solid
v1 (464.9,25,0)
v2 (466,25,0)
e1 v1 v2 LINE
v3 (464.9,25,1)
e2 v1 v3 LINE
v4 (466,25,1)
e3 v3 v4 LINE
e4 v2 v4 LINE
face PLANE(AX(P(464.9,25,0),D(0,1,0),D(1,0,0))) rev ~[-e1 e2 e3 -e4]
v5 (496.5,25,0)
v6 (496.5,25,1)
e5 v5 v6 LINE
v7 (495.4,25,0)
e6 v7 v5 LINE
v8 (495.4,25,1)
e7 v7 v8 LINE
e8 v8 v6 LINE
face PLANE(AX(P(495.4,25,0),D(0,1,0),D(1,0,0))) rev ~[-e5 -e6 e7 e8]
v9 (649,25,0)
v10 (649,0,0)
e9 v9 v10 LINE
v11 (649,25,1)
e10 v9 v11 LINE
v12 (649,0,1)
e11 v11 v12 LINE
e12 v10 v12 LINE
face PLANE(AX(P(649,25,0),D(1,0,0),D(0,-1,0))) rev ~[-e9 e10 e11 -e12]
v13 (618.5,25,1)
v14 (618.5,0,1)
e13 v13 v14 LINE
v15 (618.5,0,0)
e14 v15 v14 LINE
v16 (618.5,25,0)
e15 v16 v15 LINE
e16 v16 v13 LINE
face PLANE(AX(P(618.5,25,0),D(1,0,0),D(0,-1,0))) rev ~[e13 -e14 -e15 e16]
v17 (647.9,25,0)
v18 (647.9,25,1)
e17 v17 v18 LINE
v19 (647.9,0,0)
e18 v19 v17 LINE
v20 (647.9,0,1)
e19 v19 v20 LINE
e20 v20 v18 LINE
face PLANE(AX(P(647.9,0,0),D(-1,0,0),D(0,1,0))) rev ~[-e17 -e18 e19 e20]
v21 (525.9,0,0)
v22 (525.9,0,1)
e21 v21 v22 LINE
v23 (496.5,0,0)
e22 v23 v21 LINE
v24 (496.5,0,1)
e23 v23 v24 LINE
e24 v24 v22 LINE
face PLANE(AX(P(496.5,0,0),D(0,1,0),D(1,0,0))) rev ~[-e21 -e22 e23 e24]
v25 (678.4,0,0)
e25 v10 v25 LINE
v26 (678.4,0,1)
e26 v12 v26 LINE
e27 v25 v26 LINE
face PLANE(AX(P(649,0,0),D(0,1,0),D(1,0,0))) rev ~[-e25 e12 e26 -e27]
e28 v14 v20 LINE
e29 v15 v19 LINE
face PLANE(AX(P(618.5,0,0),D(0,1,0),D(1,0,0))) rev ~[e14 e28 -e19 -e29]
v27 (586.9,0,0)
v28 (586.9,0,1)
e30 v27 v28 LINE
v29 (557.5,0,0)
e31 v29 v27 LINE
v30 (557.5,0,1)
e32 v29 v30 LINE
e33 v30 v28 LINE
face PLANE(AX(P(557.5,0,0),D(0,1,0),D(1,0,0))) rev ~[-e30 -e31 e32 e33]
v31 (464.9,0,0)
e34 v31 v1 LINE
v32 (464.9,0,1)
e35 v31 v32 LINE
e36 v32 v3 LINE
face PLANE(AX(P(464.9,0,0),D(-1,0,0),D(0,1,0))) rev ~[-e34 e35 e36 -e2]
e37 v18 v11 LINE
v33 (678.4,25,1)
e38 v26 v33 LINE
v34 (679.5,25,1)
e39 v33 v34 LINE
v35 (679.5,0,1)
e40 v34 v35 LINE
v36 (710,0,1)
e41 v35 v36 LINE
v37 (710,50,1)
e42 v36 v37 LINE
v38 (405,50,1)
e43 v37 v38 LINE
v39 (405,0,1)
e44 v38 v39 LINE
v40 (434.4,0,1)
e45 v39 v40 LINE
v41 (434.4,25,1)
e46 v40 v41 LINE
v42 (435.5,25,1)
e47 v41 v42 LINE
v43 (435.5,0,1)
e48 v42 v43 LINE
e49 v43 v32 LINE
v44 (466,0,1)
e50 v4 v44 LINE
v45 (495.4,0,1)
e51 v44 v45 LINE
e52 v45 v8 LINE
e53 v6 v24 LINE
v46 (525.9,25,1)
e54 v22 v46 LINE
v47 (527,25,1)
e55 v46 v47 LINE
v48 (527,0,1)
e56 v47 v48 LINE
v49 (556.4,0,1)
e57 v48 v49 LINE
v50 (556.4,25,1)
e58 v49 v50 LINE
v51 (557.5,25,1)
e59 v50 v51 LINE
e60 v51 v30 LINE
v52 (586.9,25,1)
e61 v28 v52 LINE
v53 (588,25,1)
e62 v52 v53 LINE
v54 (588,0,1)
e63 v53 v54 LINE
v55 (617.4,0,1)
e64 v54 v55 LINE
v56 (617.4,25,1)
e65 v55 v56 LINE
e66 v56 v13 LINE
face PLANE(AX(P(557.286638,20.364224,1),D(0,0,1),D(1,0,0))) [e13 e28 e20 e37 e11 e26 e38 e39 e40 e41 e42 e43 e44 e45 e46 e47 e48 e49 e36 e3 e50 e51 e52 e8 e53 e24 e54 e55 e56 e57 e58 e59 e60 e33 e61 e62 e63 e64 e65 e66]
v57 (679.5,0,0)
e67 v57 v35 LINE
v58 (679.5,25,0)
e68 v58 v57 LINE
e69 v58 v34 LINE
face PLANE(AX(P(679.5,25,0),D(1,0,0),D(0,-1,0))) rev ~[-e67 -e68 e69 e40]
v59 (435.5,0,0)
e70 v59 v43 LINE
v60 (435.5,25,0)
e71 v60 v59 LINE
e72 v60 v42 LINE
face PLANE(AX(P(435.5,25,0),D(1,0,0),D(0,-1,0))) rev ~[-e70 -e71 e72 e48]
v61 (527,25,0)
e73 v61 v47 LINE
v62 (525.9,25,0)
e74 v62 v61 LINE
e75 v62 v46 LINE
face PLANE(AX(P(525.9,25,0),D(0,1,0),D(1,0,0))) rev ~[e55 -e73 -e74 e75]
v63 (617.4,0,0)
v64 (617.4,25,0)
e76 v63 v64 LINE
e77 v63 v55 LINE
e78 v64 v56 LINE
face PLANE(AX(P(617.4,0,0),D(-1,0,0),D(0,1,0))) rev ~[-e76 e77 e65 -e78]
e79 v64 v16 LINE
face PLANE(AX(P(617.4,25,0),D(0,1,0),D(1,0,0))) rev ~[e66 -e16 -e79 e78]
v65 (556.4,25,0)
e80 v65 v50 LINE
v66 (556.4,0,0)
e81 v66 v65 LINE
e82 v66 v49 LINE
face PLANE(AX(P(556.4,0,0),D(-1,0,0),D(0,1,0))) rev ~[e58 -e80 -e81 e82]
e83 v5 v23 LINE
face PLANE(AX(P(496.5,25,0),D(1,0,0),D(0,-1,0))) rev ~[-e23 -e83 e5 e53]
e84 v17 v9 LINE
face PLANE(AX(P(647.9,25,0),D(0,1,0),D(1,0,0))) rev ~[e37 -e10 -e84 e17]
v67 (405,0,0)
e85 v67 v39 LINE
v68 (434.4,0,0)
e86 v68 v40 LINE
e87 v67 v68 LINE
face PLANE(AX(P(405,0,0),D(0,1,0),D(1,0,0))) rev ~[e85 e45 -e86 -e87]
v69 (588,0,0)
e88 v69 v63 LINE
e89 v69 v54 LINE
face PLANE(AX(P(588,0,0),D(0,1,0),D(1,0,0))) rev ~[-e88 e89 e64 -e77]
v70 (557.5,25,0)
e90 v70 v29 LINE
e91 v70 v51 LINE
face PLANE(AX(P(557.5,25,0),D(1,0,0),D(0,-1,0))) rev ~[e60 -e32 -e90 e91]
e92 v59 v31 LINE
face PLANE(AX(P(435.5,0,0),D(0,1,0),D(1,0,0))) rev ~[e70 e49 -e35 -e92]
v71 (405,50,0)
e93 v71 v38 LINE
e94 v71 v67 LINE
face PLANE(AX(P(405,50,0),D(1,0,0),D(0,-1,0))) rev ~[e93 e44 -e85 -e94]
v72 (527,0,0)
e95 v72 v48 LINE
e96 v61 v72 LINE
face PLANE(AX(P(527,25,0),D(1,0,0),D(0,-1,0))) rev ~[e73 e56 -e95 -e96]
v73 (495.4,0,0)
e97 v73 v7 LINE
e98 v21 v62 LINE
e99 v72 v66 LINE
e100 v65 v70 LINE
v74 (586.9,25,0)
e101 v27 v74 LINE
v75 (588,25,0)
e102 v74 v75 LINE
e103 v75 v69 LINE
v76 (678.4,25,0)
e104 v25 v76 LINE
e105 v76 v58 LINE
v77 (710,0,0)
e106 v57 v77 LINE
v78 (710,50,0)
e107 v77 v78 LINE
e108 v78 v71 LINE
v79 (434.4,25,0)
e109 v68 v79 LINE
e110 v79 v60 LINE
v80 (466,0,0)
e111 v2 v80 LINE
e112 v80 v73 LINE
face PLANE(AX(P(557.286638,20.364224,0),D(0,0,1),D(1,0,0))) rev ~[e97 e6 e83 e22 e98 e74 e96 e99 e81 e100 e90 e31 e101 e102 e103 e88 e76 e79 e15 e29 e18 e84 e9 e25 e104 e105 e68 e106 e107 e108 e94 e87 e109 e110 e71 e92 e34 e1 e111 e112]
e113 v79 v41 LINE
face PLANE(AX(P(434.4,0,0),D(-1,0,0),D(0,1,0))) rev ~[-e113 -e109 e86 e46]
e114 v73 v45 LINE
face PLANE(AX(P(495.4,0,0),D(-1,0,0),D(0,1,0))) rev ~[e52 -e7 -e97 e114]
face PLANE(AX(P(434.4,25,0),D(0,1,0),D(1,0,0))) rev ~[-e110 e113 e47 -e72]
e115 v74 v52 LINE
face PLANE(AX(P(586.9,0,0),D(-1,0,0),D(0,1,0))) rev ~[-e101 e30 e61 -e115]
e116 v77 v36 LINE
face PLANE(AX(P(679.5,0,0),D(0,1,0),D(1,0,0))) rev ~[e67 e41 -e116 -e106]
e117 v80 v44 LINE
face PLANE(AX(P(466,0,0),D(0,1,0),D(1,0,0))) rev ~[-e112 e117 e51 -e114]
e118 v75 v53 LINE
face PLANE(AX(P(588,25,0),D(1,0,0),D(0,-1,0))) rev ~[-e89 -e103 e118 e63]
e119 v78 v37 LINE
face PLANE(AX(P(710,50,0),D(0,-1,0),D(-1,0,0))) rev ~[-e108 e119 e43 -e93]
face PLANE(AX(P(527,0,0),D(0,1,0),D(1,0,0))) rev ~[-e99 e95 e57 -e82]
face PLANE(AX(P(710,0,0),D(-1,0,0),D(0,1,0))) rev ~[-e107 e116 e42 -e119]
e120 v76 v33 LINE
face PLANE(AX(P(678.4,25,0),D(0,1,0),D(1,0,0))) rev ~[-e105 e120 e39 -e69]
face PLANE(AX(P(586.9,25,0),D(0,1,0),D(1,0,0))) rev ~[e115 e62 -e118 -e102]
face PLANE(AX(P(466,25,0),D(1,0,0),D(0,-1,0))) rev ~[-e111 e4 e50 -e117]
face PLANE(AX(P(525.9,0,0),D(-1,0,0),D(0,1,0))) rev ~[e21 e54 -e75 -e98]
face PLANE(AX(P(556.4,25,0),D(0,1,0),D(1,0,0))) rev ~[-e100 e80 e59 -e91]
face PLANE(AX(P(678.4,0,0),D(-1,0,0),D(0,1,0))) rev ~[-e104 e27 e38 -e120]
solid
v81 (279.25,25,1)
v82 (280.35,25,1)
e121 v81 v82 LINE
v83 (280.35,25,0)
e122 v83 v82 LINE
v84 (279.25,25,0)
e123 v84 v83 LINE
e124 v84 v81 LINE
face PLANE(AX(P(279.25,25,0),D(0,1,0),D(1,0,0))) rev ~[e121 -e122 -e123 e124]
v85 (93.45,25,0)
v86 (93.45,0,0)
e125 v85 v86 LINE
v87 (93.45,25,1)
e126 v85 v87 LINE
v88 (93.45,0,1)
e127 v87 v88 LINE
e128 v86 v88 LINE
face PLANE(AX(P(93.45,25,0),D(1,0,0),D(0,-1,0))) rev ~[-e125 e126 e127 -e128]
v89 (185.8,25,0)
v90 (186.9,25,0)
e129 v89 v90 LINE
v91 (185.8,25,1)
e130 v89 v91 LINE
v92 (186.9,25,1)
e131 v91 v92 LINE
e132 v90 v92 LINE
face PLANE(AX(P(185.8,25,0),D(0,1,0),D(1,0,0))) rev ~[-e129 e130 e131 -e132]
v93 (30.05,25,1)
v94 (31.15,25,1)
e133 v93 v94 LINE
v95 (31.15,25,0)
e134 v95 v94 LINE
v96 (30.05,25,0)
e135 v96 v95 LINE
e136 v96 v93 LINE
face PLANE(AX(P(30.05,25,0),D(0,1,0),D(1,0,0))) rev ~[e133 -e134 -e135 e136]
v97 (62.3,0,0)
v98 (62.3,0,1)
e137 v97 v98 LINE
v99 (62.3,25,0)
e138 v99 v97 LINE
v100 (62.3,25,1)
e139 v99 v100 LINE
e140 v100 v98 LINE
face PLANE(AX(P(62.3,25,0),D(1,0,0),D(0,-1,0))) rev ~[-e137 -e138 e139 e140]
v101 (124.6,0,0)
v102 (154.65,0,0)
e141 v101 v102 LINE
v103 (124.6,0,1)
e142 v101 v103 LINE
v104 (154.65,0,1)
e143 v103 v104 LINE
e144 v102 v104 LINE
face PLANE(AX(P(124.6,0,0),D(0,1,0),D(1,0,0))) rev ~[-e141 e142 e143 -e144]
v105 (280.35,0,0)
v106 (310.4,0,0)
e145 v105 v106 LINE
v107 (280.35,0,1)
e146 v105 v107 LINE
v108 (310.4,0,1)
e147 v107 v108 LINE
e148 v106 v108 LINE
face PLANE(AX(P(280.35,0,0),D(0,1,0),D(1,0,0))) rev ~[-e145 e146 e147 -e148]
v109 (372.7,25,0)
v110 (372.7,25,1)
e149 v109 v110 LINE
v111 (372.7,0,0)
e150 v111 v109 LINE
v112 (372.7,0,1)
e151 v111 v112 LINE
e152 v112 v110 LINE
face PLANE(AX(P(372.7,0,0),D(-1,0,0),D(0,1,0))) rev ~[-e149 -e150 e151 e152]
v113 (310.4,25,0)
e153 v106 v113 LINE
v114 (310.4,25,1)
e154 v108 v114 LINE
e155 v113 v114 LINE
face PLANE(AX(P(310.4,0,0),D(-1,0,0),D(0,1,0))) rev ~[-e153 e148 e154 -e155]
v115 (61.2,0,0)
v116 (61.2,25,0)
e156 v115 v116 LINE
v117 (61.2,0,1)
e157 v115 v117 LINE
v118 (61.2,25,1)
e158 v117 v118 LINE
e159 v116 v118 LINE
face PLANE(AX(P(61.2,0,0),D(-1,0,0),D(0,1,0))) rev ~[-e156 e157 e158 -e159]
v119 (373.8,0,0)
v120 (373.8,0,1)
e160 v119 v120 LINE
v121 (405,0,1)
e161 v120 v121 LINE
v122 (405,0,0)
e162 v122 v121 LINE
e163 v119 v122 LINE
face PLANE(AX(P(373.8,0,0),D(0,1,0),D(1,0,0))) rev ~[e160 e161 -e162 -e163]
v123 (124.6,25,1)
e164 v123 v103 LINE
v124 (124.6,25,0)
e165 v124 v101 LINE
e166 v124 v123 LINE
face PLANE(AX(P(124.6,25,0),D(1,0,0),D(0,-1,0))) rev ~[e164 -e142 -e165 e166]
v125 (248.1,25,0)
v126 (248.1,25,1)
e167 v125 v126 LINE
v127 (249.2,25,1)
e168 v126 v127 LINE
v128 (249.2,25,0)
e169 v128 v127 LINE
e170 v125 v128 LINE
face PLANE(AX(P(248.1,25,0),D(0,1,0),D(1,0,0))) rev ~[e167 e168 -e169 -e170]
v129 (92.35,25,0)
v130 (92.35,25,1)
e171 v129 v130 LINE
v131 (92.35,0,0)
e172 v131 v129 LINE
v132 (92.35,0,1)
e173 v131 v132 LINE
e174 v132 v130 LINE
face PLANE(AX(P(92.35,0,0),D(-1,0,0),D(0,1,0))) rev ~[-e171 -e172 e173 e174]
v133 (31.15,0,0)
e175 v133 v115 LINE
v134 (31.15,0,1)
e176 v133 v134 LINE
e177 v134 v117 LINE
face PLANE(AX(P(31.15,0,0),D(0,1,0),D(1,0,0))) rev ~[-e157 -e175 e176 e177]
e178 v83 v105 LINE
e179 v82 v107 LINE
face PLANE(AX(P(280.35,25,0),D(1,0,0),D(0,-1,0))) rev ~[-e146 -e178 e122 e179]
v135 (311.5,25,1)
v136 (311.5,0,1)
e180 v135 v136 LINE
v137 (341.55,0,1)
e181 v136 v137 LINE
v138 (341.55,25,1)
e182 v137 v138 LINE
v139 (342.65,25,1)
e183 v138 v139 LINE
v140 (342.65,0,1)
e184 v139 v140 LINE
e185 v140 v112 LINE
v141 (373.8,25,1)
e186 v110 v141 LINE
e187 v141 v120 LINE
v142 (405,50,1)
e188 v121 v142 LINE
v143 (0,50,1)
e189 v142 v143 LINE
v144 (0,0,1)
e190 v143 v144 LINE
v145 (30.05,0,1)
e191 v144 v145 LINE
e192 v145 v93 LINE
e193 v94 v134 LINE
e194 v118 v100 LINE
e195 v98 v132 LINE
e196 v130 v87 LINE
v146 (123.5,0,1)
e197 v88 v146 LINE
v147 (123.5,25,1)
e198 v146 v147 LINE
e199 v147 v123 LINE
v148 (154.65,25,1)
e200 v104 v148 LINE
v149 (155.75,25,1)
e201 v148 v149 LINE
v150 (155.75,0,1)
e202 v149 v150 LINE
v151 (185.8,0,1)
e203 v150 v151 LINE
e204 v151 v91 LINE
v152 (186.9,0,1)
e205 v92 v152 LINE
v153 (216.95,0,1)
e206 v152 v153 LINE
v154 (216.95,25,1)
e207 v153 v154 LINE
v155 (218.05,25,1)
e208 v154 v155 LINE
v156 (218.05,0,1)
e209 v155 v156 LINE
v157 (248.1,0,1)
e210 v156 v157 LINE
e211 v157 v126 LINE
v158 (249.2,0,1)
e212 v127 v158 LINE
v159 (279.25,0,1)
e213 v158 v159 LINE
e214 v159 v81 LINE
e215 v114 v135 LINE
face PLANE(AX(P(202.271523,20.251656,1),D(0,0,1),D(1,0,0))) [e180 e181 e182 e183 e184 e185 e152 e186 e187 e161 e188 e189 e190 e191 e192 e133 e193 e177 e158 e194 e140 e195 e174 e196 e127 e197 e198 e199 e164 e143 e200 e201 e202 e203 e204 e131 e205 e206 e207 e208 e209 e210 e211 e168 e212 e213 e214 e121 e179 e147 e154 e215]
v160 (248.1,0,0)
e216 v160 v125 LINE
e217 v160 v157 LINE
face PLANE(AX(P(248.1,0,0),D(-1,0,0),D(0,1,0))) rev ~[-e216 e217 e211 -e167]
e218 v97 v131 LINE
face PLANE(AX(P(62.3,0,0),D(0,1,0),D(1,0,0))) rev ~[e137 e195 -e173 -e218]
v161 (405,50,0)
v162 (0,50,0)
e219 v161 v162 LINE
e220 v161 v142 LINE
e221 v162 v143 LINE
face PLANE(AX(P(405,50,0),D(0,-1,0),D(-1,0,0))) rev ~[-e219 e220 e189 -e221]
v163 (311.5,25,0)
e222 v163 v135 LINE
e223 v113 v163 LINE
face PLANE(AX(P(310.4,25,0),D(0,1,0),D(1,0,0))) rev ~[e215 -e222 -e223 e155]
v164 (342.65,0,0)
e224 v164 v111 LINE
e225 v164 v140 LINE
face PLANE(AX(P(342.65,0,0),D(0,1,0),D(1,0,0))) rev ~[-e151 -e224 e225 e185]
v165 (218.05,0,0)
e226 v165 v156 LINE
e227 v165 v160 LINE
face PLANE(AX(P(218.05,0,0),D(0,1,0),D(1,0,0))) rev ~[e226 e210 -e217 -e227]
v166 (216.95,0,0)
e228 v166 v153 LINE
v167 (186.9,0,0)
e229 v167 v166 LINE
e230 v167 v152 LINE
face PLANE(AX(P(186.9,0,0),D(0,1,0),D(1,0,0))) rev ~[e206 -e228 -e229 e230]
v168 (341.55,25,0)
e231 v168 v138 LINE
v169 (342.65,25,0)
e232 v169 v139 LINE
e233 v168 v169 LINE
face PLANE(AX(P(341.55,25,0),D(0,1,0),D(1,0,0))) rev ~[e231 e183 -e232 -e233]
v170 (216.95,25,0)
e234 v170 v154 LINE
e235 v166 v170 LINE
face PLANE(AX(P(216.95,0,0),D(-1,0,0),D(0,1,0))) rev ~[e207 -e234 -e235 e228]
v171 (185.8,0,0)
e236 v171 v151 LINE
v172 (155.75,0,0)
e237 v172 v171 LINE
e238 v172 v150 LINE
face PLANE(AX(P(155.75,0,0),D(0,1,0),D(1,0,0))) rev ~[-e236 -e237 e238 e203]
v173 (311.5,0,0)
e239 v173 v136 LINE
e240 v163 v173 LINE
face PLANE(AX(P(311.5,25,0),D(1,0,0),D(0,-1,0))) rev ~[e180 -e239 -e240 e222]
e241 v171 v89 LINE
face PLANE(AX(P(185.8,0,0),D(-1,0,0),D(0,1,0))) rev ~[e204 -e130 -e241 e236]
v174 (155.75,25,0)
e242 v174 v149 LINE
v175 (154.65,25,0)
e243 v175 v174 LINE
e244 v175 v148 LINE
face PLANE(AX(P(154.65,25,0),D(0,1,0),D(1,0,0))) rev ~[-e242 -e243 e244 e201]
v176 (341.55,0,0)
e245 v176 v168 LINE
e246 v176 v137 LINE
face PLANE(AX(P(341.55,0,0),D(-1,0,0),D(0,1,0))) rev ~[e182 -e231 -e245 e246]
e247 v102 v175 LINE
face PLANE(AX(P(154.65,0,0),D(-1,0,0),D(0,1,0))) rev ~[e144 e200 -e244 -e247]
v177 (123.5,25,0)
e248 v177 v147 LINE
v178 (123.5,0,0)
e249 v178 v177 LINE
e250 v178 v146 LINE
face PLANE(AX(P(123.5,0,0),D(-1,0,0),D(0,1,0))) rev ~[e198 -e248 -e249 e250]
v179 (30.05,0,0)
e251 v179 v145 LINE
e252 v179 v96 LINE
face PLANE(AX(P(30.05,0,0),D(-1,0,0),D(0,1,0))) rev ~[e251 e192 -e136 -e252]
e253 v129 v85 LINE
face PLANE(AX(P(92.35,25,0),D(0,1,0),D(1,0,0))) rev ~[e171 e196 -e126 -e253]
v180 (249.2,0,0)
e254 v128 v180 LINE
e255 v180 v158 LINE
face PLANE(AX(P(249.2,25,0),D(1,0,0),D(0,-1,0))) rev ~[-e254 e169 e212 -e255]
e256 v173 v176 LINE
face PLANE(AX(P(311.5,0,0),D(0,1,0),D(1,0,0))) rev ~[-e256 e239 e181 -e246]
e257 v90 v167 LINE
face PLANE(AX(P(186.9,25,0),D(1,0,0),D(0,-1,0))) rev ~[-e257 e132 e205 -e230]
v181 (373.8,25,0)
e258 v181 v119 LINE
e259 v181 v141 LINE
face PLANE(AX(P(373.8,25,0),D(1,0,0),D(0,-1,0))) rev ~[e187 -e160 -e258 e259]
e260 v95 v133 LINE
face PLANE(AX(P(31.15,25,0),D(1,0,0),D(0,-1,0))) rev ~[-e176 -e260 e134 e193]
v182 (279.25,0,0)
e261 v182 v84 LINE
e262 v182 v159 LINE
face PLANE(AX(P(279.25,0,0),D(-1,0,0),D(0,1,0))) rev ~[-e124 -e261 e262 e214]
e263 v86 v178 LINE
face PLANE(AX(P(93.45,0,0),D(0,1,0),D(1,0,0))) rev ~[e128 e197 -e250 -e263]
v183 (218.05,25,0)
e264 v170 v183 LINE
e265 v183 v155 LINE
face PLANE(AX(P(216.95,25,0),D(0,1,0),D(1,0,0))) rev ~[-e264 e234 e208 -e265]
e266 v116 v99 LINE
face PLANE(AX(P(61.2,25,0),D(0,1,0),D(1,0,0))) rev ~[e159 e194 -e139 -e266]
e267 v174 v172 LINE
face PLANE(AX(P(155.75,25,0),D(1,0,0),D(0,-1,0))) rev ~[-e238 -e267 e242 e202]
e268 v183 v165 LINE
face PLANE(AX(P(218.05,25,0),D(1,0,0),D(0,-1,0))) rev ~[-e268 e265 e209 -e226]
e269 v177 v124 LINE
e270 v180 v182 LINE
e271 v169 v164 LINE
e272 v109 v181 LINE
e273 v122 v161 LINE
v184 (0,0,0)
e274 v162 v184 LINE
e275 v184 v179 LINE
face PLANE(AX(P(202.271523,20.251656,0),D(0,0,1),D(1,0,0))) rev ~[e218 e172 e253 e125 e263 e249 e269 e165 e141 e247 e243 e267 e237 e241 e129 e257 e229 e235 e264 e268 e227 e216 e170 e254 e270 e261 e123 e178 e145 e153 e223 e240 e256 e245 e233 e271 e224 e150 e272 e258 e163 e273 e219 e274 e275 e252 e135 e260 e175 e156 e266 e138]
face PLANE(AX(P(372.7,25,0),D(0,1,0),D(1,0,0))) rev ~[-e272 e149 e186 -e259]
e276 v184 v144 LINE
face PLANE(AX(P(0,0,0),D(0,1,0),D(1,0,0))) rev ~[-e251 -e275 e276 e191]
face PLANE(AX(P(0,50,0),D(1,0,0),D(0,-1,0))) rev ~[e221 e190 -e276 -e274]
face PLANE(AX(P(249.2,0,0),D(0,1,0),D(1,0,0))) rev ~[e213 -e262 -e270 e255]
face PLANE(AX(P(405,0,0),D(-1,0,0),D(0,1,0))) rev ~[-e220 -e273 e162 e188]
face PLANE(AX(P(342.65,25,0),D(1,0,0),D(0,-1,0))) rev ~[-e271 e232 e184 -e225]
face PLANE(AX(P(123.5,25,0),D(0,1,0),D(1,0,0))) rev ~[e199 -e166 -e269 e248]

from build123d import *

# Parameters (mm, degrees)
F1_DEPTH = 1
F2_DEPTH = 1


with BuildPart() as f1:
    # F0 (on Top) → F1 (new body)
    with BuildSketch(Plane.XY):
        Polygon((405, 50), (0, 50), (0, 0), (30.05, 0), (30.05, 25), (31.15, 25), (31.15, 0), (61.2, 0), (61.2, 25), (62.3, 25), (62.3, 0), (92.35, 0), (92.35, 25), (93.45, 25), (93.45, 0), (123.5, 0), (123.5, 25), (124.6, 25), (124.6, 0), (154.65, 0), (154.65, 25), (155.75, 25), (155.75, 0), (185.8, 0), (185.8, 25), (186.9, 25), (186.9, 0), (216.95, 0), (216.95, 25), (218.05, 25), (218.05, 0), (248.1, 0), (248.1, 25), (249.2, 25), (249.2, 0), (279.25, 0), (279.25, 25), (280.35, 25), (280.35, 0), (310.4, 0), (310.4, 25), (311.5, 25), (311.5, 0), (341.55, 0), (341.55, 25), (342.65, 25), (342.65, 0), (372.7, 0), (372.7, 25), (373.8, 25), (373.8, 0), (405, 0), align=None)
    extrude(amount=F1_DEPTH)


with BuildPart() as f2:
    # F0 (on Top) → F2 (new body)
    with BuildSketch(Plane.XY):
        Polygon((710, 50), (405, 50), (405, 0), (434.4, 0), (434.4, 25), (435.5, 25), (435.5, 0), (464.9, 0), (464.9, 25), (466, 25), (466, 0), (495.4, 0), (495.4, 25), (496.5, 25), (496.5, 0), (525.9, 0), (525.9, 25), (527, 25), (527, 0), (556.4, 0), (556.4, 25), (557.5, 25), (557.5, 0), (586.9, 0), (586.9, 25), (588, 25), (588, 0), (617.4, 0), (617.4, 25), (618.5, 25), (618.5, 0), (647.9, 0), (647.9, 25), (649, 25), (649, 0), (678.4, 0), (678.4, 25), (679.5, 25), (679.5, 0), (710, 0), align=None)
    extrude(amount=F2_DEPTH)


solid = Compound([f1.part, f2.part])
